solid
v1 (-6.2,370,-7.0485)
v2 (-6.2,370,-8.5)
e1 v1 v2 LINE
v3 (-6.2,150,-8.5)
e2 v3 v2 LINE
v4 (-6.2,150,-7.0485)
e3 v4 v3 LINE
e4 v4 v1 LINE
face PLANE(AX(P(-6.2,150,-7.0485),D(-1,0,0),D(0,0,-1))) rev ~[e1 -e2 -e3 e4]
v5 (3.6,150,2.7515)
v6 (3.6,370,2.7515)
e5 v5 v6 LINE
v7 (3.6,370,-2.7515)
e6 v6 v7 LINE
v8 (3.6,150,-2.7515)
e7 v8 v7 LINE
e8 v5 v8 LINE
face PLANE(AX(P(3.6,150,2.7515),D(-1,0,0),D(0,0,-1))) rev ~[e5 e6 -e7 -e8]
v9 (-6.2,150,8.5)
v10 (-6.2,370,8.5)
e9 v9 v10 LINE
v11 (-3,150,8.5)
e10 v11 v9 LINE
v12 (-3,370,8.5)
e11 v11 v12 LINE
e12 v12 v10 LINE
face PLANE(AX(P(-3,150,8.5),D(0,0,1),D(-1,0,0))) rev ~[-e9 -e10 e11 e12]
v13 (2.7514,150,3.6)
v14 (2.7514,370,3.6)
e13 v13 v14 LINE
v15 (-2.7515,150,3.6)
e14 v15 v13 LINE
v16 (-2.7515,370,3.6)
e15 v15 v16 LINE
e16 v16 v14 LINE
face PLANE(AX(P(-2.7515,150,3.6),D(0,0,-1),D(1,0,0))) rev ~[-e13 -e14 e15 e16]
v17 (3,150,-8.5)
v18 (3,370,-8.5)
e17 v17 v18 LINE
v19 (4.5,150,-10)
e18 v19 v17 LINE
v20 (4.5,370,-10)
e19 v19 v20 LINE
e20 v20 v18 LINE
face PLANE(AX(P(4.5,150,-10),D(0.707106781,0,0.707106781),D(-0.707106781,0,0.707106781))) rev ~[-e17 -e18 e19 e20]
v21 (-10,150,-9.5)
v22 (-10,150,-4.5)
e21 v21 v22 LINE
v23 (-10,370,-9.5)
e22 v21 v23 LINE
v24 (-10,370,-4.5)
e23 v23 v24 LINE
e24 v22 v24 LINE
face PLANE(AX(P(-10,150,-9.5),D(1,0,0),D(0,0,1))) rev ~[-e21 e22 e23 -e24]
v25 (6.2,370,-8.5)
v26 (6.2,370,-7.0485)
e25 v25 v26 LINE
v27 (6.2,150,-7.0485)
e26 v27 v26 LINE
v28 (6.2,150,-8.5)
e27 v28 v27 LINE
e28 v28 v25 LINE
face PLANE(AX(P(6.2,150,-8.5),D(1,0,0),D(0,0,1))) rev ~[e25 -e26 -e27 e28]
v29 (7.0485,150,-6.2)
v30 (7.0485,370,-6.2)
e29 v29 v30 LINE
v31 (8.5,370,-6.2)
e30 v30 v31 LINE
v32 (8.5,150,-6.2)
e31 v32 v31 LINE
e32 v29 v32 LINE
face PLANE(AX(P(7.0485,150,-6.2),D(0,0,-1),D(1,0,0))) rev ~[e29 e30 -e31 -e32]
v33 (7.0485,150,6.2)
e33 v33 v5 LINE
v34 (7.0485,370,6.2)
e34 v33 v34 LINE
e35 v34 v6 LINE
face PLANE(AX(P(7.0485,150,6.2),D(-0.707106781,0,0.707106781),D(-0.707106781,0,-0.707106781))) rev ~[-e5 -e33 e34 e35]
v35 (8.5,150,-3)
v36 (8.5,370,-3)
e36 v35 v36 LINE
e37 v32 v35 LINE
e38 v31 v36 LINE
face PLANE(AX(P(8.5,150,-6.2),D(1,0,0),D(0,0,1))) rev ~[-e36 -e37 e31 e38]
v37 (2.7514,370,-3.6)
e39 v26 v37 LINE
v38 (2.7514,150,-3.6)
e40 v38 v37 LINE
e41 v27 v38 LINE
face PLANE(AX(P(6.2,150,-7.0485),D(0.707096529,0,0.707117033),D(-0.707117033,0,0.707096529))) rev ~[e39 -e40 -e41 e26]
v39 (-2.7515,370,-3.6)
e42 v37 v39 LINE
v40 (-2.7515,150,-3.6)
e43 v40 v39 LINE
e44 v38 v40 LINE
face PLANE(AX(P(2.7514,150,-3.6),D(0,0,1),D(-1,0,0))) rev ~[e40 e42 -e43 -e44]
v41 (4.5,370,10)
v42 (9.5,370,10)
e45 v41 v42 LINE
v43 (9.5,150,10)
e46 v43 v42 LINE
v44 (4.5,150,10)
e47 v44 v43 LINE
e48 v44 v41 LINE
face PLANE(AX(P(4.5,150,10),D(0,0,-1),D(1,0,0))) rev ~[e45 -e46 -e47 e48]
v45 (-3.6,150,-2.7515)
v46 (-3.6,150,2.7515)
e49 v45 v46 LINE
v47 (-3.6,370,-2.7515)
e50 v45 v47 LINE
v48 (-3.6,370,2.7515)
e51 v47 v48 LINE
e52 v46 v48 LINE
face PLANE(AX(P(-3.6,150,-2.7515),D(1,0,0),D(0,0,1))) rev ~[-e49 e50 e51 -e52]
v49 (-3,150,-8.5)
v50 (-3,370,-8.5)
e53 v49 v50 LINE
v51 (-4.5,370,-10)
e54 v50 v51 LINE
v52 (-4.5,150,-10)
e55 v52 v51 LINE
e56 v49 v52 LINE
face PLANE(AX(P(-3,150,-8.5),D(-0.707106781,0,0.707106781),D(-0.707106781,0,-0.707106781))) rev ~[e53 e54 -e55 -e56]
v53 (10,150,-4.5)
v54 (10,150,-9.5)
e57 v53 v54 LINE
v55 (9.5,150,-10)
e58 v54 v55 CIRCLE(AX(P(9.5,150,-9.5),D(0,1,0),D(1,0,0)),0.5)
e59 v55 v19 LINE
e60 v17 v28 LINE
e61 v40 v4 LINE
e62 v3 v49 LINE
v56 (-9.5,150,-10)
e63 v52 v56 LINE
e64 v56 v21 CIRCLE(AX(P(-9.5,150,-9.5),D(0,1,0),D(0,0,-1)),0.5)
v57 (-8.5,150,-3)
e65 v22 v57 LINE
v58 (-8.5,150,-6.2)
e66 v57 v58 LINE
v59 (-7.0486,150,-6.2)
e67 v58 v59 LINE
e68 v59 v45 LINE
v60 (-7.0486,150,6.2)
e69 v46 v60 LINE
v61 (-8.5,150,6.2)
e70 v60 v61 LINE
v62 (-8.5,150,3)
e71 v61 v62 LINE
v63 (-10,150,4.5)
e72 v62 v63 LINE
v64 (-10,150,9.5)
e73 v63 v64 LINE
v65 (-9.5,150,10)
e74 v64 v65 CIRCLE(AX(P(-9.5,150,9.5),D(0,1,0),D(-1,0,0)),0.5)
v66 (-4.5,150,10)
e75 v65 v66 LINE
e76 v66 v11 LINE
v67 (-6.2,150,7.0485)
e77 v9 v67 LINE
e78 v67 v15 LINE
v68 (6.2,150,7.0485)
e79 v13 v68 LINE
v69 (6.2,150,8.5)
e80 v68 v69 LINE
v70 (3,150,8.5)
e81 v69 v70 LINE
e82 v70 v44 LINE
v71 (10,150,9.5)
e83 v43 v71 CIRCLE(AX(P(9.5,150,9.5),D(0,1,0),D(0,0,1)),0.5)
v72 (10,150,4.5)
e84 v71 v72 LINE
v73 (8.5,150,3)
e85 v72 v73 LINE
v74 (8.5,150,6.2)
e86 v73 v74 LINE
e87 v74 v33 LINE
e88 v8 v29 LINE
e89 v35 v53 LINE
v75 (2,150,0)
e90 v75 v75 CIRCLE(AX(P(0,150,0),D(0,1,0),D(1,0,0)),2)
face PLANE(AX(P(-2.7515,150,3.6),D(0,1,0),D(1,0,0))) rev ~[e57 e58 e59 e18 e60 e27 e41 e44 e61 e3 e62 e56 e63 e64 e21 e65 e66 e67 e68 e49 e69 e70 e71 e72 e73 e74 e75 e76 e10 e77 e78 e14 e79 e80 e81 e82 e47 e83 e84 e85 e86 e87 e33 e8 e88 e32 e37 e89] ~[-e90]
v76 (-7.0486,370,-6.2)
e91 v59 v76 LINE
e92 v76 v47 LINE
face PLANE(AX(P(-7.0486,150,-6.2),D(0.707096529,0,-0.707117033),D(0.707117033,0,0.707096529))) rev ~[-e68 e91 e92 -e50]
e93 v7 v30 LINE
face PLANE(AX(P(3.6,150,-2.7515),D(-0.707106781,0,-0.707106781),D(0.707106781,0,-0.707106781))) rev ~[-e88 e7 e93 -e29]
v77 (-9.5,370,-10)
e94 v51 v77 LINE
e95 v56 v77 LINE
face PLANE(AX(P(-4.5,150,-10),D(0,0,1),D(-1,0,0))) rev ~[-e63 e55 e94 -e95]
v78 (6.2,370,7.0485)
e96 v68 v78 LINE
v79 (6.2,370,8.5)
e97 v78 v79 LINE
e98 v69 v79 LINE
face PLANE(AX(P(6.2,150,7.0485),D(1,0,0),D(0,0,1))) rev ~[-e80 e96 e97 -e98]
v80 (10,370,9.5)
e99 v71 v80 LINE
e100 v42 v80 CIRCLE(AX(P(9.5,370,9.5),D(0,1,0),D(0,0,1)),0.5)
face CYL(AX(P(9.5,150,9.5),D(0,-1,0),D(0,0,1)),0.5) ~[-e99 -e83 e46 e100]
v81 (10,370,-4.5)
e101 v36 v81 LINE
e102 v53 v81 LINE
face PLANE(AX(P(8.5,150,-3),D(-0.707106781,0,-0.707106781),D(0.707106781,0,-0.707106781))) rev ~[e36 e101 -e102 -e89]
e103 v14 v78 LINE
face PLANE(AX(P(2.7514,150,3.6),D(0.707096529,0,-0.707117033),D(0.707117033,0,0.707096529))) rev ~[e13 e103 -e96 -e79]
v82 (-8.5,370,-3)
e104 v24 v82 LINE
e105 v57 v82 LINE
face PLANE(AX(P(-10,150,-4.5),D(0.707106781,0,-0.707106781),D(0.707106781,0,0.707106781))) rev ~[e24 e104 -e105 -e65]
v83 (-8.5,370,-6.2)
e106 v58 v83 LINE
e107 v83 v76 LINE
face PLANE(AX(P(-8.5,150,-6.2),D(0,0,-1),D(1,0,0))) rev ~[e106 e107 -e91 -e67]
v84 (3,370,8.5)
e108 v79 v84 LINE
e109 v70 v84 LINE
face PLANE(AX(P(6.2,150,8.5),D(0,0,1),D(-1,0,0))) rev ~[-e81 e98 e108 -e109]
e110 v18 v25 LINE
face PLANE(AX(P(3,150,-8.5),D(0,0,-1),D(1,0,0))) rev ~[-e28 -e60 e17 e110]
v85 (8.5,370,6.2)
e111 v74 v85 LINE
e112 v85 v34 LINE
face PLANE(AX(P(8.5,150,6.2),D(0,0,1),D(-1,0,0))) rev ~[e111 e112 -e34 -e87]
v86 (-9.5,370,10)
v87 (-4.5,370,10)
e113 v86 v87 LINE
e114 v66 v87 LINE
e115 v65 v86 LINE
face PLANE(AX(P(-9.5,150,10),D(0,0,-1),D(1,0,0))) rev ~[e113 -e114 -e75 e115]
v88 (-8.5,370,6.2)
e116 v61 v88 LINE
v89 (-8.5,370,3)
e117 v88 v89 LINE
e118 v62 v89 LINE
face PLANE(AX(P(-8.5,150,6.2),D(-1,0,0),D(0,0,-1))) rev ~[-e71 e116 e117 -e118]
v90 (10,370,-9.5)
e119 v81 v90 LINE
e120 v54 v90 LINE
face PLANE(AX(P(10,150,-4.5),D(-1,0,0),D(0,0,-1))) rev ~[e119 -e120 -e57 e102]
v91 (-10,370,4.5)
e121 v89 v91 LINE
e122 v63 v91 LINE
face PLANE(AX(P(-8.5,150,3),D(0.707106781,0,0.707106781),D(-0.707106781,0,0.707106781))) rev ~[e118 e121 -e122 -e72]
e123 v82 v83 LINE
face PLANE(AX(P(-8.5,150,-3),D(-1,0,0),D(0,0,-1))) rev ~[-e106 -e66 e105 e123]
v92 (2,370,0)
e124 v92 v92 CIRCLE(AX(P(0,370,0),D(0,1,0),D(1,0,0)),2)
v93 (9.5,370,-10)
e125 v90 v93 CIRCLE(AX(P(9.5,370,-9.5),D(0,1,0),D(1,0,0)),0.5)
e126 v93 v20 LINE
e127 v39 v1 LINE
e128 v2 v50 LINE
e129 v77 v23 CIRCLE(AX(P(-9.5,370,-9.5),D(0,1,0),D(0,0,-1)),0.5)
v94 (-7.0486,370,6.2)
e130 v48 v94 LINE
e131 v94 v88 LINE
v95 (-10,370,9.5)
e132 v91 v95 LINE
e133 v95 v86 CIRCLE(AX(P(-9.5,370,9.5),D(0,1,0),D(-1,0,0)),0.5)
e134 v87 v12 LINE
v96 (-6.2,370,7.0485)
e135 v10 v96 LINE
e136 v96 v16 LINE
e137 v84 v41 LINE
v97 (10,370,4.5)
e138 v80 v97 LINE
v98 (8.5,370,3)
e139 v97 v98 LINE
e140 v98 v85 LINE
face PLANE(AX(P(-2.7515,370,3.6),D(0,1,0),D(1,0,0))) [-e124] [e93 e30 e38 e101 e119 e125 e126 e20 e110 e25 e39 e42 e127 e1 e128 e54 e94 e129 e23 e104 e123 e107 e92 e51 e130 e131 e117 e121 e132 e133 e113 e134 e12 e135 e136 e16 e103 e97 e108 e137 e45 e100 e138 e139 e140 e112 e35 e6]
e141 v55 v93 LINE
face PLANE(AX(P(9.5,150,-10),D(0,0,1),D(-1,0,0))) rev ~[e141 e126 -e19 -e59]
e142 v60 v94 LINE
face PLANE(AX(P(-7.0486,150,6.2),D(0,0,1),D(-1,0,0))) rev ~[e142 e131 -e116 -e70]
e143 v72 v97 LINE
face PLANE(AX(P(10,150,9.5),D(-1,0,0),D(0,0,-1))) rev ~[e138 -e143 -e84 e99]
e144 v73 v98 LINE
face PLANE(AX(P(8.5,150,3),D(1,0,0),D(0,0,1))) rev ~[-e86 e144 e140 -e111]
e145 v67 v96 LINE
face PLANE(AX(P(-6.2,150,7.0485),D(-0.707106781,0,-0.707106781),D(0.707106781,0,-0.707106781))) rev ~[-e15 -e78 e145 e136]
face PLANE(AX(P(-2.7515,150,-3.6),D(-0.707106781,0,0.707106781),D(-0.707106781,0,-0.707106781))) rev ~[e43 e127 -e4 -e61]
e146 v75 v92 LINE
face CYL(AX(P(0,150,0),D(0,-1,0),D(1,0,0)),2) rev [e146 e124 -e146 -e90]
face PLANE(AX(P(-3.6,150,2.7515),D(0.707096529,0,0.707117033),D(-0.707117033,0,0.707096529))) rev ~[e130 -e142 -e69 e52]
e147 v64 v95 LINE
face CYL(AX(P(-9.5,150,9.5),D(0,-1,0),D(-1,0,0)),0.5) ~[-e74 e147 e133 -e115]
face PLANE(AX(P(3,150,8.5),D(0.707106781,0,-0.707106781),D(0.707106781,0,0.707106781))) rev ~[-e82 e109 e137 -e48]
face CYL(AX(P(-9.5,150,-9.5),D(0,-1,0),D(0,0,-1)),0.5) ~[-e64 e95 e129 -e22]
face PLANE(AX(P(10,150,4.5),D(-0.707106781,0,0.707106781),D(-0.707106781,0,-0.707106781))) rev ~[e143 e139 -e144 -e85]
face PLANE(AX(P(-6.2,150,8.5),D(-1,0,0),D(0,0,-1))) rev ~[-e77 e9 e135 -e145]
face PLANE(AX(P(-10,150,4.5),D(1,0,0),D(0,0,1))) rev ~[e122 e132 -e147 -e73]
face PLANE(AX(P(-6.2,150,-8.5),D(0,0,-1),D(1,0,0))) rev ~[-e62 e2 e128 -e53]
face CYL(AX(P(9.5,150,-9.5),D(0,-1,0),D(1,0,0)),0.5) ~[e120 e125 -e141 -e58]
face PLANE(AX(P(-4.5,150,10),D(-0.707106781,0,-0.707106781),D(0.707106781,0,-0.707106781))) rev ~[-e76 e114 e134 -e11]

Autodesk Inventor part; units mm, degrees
ref_plane "YZ Plane" through (0, 0, 0) normal (1, 0, 0) x (0, 1, 0)
ref_plane "XZ Plane" through (0, 0, 0) normal (0, 1, 0) x (-1, 0, 0)
ref_plane "Work Plane1" through (-2.7515, 150, 3.6) normal (0, 1, 0) x (1, 0, 0)
sketch "Sketch1" plane through (-2.7515, 150, 3.6) normal (0, 1, 0) x (1, 0, 0)
  arc A0 (-6.7485, 13.6) -> (-7.2485, 13.1) centre (-6.7485, 13.1) ccw projected
  line L0 (-7.2485, 13.1) -> (-7.2485, 8.1) projected
  line L1 (-7.2485, 8.1) -> (-5.7485, 6.6) projected
  line L2 (-5.7485, 6.6) -> (-5.7485, 9.8) projected
  line L3 (-5.7485, 9.8) -> (-4.2971, 9.8) projected
  line L4 (-4.2971, 9.8) -> (-0.8485, 6.3515) projected
  line L5 (-0.8485, 6.3515) -> (-0.8485, 0.8485) projected
  line L6 (-0.8485, 0.8485) -> (-4.2971, -2.6) projected
  line L7 (-4.2971, -2.6) -> (-5.7485, -2.6) projected
  line L8 (-5.7485, -2.6) -> (-5.7485, 0.6) projected
  line L9 (-5.7485, 0.6) -> (-7.2485, -0.9) projected
  line L10 (-7.2485, -0.9) -> (-7.2485, -5.9) projected
  arc A1 (-7.2485, -5.9) -> (-6.7485, -6.4) centre (-6.7485, -5.9) ccw projected
  line L11 (-6.7485, -6.4) -> (-1.7485, -6.4) projected
  line L12 (-1.7485, -6.4) -> (-0.2485, -4.9) projected
  line L13 (-0.2485, -4.9) -> (-3.4485, -4.9) projected
  line L14 (-3.4485, -4.9) -> (-3.4485, -3.4485) projected
  line L15 (-3.4485, -3.4485) -> (0, 0) projected
  line L16 (0, 0) -> (5.5029, 0) projected
  line L17 (5.5029, 0) -> (8.9515, -3.4485) projected
  line L18 (8.9515, -3.4485) -> (8.9515, -4.9) projected
  line L19 (8.9515, -4.9) -> (5.7515, -4.9) projected
  line L20 (5.7515, -4.9) -> (7.2515, -6.4) projected
  line L21 (7.2515, -6.4) -> (12.2515, -6.4) projected
  arc A2 (12.2515, -6.4) -> (12.7515, -5.9) centre (12.2515, -5.9) ccw projected
  line L22 (12.7515, -5.9) -> (12.7515, -0.9) projected
  line L23 (12.7515, -0.9) -> (11.2515, 0.6) projected
  line L24 (11.2515, 0.6) -> (11.2515, -2.6) projected
  line L25 (11.2515, -2.6) -> (9.8, -2.6) projected
  line L26 (9.8, -2.6) -> (6.3515, 0.8485) projected
  line L27 (6.3515, 0.8485) -> (6.3515, 6.3515) projected
  line L28 (6.3515, 6.3515) -> (9.8, 9.8) projected
  line L29 (9.8, 9.8) -> (11.2515, 9.8) projected
  line L30 (11.2515, 9.8) -> (11.2515, 6.6) projected
  line L31 (11.2515, 6.6) -> (12.7515, 8.1) projected
  line L32 (12.7515, 8.1) -> (12.7515, 13.1) projected
  arc A3 (12.7515, 13.1) -> (12.2515, 13.6) centre (12.2515, 13.1) ccw projected
  line L33 (12.2515, 13.6) -> (7.2515, 13.6) projected
  line L34 (7.2515, 13.6) -> (5.7515, 12.1) projected
  line L35 (5.7515, 12.1) -> (8.9515, 12.1) projected
  line L36 (8.9515, 12.1) -> (8.9515, 10.6485) projected
  line L37 (8.9515, 10.6485) -> (5.5029, 7.2) projected
  line L38 (5.5029, 7.2) -> (0, 7.2) projected
  line L39 (0, 7.2) -> (-3.4485, 10.6485) projected
  line L40 (-3.4485, 10.6485) -> (-3.4485, 12.1) projected
  line L41 (-3.4485, 12.1) -> (-0.2485, 12.1) projected
  line L42 (-0.2485, 12.1) -> (-1.7485, 13.6) projected
  line L43 (-1.7485, 13.6) -> (-6.7485, 13.6) projected
  circle A4 centre (2.7515, 3.6) radius 2 projected
extrude "Extrusion1" add sketch "Sketch1" along normal blind 220
ref_plane "Work Plane2" through (0, 150, -9.5) normal (1, 0, 0) x (0, 0, -1)
ref_plane "Work Plane3" through (-4.5, 150, 0) normal (0, 0, 1) x (1, 0, 0)
properties part number "20x20mmx150mm alminum profile" material "Aluminum 6061"
